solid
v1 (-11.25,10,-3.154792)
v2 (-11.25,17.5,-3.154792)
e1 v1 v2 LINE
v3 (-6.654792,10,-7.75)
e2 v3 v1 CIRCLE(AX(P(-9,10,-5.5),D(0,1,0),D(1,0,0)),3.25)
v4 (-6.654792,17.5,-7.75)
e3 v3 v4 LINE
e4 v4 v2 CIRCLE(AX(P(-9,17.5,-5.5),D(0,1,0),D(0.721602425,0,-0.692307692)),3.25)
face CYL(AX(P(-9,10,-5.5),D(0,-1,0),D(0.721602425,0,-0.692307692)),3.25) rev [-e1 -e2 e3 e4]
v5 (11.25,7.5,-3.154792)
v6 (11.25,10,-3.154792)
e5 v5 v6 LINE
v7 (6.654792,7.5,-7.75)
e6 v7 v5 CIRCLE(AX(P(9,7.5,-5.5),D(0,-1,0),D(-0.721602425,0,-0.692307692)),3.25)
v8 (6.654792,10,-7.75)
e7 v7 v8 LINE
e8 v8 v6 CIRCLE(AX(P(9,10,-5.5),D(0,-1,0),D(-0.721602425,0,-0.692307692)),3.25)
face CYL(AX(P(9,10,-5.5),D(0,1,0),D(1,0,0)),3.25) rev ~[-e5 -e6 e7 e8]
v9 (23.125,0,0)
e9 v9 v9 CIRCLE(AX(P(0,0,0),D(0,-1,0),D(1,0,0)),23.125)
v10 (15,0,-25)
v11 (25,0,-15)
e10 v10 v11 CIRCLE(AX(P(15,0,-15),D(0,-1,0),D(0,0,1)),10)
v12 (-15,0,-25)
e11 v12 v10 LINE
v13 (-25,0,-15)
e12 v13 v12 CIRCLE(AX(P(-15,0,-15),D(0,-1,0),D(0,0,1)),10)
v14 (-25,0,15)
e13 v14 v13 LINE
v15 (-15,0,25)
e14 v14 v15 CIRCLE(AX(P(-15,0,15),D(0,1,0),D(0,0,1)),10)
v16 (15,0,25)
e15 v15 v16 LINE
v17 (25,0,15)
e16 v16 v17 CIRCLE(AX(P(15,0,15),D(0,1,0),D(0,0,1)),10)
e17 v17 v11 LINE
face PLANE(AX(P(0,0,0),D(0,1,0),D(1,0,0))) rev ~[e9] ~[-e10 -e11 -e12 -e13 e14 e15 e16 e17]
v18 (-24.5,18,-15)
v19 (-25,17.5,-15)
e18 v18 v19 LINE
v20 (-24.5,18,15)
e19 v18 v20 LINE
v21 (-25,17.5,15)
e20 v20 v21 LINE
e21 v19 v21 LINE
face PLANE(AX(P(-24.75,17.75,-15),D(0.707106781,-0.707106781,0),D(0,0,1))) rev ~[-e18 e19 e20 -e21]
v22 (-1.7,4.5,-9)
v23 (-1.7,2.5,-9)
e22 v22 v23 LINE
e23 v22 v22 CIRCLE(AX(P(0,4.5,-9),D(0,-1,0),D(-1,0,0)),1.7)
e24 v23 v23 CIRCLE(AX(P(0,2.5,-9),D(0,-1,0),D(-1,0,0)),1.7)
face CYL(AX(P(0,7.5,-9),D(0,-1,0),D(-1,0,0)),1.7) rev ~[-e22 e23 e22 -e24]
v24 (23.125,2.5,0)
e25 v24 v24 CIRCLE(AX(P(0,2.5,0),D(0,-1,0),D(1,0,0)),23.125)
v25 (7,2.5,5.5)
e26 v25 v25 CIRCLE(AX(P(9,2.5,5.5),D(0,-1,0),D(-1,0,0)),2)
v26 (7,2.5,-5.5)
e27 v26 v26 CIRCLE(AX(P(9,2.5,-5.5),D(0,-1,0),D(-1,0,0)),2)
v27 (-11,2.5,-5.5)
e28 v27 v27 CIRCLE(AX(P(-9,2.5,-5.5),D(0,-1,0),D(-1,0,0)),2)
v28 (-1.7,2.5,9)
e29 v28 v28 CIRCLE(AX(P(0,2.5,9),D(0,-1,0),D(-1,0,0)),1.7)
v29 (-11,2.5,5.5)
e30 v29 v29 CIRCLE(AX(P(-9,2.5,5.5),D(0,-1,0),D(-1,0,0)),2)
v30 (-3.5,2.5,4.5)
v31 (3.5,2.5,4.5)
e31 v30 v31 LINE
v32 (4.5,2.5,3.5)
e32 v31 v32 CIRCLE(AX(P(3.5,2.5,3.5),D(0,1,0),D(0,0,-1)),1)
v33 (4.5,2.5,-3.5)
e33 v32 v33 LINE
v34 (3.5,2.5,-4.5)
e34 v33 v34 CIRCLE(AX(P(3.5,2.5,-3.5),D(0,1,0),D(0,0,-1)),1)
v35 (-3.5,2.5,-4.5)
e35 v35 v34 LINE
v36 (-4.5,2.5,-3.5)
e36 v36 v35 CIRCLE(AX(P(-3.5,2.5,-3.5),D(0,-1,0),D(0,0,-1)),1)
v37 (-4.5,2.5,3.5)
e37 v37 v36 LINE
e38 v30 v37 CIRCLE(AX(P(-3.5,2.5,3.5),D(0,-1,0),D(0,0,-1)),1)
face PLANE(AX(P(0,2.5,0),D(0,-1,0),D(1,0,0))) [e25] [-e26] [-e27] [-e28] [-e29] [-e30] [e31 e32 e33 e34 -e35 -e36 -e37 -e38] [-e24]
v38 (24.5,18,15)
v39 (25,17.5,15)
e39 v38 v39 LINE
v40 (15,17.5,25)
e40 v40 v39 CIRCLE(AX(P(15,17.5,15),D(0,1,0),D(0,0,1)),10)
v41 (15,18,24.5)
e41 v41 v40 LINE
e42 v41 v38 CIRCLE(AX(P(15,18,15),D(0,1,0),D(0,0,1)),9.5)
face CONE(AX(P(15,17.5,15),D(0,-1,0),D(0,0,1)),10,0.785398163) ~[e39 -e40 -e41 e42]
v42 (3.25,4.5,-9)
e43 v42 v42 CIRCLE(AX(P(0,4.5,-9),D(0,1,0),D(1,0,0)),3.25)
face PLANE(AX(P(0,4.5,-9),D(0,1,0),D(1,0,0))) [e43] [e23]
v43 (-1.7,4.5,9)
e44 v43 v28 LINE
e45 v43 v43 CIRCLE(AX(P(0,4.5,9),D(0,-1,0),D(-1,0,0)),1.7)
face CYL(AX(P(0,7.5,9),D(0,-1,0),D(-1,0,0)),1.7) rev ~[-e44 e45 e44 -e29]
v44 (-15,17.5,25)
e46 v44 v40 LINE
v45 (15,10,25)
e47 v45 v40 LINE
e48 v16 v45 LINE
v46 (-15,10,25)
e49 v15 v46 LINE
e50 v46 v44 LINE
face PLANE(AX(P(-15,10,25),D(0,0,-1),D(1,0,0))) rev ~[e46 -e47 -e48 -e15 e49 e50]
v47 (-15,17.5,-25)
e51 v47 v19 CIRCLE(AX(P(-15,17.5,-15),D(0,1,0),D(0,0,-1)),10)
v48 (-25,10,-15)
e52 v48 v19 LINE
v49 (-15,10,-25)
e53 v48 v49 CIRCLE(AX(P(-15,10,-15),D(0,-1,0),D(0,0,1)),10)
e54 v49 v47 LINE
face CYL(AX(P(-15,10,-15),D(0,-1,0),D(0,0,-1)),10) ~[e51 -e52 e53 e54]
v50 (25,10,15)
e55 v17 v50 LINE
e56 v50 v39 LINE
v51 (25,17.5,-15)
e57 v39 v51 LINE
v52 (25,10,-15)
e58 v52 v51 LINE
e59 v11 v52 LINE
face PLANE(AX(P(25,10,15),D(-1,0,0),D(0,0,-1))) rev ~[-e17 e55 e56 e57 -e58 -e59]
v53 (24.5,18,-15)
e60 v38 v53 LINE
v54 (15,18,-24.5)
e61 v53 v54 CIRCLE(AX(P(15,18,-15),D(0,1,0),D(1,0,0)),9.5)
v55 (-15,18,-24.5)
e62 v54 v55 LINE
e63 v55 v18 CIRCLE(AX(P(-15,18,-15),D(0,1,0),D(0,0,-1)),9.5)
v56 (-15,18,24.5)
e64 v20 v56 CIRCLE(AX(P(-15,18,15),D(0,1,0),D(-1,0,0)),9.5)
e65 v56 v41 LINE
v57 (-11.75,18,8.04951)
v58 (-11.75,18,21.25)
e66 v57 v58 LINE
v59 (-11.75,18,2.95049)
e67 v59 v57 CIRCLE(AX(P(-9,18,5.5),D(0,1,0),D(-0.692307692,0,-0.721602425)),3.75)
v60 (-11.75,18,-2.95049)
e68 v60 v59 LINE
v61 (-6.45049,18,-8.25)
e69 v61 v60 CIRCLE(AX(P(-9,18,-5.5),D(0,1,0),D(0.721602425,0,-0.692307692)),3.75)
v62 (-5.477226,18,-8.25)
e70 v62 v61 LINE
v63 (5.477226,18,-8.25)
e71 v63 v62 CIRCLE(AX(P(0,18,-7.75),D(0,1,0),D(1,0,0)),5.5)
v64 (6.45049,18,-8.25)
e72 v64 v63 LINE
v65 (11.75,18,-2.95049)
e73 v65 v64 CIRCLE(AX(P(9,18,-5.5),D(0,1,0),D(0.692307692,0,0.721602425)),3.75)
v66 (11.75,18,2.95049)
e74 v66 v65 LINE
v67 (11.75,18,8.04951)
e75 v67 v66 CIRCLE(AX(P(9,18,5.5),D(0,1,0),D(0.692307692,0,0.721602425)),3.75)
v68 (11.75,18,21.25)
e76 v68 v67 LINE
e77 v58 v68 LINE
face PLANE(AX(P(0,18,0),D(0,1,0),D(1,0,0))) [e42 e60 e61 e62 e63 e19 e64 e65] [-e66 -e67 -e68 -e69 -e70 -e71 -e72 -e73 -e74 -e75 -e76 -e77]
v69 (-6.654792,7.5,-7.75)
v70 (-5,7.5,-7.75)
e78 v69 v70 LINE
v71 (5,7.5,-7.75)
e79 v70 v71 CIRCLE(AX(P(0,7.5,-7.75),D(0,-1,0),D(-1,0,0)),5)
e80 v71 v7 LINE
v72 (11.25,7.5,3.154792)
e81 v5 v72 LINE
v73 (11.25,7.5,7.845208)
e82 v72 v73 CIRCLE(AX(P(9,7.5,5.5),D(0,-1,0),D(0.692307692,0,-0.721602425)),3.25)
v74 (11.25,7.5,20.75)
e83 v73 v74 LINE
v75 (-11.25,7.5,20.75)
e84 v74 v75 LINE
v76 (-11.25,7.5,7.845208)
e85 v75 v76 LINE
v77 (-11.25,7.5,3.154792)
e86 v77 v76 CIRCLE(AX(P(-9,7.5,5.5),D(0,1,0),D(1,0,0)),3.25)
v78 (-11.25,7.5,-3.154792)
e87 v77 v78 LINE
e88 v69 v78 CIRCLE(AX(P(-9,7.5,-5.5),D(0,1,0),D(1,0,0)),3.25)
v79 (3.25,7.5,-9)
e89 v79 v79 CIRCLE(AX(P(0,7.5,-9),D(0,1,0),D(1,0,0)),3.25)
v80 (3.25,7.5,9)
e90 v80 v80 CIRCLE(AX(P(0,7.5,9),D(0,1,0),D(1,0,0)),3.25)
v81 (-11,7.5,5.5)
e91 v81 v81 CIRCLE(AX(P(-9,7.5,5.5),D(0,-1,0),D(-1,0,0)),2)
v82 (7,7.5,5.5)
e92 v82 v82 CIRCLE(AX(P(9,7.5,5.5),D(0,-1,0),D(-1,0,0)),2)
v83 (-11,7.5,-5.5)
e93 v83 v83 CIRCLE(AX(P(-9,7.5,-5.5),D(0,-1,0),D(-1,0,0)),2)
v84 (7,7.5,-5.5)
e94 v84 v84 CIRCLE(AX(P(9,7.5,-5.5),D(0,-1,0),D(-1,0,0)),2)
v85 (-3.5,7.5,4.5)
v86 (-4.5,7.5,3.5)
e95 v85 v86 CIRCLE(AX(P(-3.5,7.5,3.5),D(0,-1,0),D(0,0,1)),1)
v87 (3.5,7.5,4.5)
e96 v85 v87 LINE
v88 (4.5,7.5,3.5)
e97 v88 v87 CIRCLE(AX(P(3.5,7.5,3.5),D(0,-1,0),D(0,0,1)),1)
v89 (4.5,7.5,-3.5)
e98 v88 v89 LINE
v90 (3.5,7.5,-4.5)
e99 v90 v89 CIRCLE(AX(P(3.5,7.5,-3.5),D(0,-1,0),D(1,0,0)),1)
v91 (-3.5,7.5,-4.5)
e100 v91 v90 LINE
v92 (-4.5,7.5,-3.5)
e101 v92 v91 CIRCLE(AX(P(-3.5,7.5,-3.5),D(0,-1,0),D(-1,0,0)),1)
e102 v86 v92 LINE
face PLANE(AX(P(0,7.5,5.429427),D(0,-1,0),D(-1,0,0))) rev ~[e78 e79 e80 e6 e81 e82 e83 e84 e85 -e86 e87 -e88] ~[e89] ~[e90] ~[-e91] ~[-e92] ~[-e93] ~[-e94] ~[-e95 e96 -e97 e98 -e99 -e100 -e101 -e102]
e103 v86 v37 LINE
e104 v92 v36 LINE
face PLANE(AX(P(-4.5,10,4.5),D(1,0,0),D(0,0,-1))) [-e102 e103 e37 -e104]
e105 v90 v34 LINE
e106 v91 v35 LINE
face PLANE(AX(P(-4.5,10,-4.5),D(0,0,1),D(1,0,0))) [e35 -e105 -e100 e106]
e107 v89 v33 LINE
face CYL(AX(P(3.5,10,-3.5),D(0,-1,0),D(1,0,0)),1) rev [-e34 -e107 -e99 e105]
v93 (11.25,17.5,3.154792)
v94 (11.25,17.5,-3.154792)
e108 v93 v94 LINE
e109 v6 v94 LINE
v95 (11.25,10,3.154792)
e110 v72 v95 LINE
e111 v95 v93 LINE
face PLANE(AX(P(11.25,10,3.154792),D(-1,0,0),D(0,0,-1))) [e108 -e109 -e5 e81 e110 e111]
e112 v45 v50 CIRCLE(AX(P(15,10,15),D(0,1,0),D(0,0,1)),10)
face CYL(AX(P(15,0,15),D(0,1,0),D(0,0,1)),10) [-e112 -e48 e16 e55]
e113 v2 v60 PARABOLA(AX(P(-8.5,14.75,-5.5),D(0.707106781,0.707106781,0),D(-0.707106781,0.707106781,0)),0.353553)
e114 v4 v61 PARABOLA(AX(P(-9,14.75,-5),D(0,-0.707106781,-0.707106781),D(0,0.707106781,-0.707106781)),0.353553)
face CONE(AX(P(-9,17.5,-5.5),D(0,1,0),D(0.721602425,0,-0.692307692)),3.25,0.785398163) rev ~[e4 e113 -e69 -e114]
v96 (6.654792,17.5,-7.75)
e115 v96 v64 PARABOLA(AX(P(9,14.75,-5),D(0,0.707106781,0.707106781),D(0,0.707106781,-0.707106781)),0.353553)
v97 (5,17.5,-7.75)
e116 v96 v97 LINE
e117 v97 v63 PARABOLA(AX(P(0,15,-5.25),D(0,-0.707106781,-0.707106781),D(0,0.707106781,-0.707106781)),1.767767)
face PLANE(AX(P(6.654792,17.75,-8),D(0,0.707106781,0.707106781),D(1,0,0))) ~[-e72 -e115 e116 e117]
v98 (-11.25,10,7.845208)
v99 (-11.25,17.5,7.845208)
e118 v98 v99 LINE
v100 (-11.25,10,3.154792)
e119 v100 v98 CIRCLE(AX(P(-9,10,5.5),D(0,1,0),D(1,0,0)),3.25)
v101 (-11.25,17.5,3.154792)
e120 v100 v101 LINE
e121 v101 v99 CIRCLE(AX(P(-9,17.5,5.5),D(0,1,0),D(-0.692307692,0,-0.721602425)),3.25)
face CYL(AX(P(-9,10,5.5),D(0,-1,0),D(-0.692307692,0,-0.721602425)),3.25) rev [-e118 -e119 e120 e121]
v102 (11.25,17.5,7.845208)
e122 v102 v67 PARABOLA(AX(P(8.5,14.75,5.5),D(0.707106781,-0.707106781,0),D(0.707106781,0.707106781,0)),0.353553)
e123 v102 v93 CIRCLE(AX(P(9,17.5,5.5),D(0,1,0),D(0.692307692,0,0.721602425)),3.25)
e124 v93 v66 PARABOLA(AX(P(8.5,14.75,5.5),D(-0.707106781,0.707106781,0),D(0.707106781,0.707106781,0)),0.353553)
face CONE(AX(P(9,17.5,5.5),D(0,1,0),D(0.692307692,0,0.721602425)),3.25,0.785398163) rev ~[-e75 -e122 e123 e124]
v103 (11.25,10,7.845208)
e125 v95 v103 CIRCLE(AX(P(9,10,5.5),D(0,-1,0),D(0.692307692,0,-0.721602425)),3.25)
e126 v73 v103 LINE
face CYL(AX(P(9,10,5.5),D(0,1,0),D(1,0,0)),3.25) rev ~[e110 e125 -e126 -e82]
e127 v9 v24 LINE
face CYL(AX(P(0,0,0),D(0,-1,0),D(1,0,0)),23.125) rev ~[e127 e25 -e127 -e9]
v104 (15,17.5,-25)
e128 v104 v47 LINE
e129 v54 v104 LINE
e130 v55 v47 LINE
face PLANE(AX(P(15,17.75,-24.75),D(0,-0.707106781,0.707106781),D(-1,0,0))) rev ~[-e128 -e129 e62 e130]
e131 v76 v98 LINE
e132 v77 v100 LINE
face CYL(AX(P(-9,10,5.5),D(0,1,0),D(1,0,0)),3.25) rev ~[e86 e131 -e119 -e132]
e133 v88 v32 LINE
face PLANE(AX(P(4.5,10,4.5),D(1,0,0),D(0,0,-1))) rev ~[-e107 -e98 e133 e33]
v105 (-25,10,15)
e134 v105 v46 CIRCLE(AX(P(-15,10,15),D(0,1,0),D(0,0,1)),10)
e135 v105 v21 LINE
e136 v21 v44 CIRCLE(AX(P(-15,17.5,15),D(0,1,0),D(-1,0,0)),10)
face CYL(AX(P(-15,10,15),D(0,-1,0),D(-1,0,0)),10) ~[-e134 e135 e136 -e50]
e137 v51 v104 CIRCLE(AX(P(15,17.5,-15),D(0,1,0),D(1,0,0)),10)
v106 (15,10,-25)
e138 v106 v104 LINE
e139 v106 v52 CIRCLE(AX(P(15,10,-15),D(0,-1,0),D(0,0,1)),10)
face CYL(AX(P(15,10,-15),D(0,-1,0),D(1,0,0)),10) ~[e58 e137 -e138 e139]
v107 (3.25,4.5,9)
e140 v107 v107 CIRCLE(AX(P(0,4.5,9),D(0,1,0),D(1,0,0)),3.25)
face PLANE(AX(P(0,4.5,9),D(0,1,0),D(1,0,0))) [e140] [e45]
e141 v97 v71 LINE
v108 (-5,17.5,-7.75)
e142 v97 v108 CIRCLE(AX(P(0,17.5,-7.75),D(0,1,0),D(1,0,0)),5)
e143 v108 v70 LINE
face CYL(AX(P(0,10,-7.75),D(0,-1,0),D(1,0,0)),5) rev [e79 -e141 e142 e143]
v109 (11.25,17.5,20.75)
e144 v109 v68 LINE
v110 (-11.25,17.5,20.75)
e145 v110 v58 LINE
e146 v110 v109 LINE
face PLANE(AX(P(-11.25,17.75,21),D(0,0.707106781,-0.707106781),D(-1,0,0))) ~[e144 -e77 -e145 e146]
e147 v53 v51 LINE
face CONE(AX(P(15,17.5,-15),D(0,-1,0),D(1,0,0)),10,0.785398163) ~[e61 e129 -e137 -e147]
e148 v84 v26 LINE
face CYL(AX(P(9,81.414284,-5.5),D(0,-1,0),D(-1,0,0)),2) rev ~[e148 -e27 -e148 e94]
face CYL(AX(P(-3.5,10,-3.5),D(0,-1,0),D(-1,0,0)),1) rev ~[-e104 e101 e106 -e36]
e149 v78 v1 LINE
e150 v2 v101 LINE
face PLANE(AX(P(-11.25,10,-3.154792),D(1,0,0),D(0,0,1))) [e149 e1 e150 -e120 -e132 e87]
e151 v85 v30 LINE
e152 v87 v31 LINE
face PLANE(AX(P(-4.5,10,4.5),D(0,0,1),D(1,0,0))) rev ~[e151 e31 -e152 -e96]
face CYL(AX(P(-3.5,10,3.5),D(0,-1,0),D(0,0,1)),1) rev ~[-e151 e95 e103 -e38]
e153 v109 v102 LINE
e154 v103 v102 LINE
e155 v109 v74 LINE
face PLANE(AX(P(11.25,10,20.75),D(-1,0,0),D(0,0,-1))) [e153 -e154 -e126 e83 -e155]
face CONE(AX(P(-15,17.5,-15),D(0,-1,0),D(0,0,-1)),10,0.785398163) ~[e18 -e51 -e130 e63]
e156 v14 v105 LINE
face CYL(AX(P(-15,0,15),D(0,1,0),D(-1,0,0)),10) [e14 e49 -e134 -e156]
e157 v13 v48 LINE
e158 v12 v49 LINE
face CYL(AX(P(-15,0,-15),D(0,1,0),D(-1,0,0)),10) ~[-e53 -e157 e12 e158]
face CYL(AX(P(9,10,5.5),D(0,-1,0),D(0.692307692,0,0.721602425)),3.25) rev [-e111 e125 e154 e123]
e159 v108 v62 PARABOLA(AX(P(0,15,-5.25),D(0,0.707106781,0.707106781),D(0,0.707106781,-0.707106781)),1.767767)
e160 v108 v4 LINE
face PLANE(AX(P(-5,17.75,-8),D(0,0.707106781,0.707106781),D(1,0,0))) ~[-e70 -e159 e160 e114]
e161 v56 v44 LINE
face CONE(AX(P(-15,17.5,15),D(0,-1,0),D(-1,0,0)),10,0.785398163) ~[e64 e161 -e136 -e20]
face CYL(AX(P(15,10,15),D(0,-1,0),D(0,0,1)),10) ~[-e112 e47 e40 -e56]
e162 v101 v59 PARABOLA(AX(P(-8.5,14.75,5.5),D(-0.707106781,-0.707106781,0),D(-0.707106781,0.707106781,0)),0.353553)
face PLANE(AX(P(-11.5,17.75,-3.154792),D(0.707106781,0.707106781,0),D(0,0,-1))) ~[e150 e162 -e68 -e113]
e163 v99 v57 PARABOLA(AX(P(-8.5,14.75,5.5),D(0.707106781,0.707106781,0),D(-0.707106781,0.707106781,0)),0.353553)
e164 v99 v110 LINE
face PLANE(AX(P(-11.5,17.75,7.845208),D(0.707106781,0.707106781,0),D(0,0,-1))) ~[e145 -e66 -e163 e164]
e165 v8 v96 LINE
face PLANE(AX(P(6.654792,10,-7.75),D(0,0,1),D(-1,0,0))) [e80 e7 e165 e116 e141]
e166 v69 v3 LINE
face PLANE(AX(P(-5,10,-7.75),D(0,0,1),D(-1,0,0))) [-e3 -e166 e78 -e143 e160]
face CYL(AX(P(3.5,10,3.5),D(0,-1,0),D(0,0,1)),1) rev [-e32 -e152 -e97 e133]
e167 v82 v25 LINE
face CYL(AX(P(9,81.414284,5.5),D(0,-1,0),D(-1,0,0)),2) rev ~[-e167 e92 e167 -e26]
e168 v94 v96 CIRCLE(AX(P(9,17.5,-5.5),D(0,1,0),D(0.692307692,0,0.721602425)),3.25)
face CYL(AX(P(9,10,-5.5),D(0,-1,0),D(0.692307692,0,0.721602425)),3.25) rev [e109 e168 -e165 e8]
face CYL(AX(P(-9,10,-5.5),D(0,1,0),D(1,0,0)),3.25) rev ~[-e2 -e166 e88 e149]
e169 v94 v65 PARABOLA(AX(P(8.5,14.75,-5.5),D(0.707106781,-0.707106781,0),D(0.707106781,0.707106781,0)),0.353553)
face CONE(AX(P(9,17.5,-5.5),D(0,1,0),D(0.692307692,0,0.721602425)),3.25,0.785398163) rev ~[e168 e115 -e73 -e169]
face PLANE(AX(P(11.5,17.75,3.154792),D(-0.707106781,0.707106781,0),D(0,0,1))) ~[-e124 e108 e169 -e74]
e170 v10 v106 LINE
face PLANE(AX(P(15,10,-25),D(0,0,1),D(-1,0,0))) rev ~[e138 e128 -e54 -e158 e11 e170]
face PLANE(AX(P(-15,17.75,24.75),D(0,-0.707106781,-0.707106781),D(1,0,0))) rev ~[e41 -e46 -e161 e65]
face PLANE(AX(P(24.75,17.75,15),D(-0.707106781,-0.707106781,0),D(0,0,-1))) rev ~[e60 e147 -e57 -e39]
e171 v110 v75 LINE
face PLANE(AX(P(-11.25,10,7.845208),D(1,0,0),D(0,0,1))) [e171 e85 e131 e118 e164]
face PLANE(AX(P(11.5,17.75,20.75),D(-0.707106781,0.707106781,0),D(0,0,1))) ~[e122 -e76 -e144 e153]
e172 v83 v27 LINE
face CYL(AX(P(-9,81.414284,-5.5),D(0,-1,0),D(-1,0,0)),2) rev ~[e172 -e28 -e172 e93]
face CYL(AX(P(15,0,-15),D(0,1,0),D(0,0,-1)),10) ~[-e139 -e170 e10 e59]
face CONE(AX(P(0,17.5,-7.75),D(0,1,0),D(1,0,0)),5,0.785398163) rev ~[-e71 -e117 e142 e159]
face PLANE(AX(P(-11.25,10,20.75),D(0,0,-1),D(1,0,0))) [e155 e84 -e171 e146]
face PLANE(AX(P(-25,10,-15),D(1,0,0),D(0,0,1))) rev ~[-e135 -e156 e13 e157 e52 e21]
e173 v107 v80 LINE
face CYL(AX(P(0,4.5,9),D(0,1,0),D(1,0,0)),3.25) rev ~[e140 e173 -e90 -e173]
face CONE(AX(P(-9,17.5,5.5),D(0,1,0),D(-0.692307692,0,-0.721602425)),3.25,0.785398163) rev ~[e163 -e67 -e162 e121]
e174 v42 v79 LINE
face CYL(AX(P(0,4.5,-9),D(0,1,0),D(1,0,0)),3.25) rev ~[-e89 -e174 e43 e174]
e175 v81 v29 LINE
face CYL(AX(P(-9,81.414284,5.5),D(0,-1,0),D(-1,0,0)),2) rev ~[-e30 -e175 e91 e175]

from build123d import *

# Parameters (mm, degrees)
SKETCH2_W                      = 50
SKETCH2_H                      = 50
BOSS_EXTRUDE1_DEPTH            = 10
SKETCH3_W                      = 9
SKETCH3_H                      = 9
CUT_EXTRUDE1_DEPTH             = 10
SKETCH4_R                      = 23.125
CUT_EXTRUDE2_DEPTH             = 2.5
F_4_0MM_DOWEL_HOLE1_D          = 4
FILLET1_R                      = 1
FILLET2_R                      = 10
CUT_EXTRUDE3_DEPTH             = 2.5
CBORE_FOR_M3_SHCS2_D           = 3.4
CBORE_FOR_M3_SHCS2_CBORE_D     = 6.5
CBORE_FOR_M3_SHCS2_CBORE_DEPTH = 3
SKETCH21_R                     = 3.25
CUT_EXTRUDE5_DEPTH             = 2.5
BOSS_EXTRUDE2_DEPTH            = 8
CHAMFER1_SIZE                  = 0.5


with BuildPart() as part:
    # Sketch2 → Boss-Extrude1 (new body)
    with BuildSketch(Plane(origin=(0, 0, 0), x_dir=(1, 0, 0), z_dir=(0, 1, 0))):
        Rectangle(SKETCH2_W, SKETCH2_H)
    extrude(amount=BOSS_EXTRUDE1_DEPTH)

    # Sketch3 → Cut-Extrude1 (cut)
    with BuildSketch(Plane(origin=(0, 10, 0), x_dir=(1, 0, 0), z_dir=(0, 1, 0))):
        Rectangle(SKETCH3_W, SKETCH3_H)
    extrude(amount=-CUT_EXTRUDE1_DEPTH, mode=Mode.SUBTRACT)

    # Sketch4 → Cut-Extrude2 (cut)
    with BuildSketch(Plane.XZ):
        Circle(SKETCH4_R)
    extrude(amount=-CUT_EXTRUDE2_DEPTH, mode=Mode.SUBTRACT)

    # Ø4.0mm Dowel Hole1 (through all)
    with Locations(Plane(origin=(0, 10, 0), x_dir=(1, 0, 0), z_dir=(0, 1, 0))):
        with Locations((-9, 5.5), (9, 5.5), (9, -5.5), (-9, -5.5)):
            Hole(F_4_0MM_DOWEL_HOLE1_D / 2)

    # Fillet1
    fillet1_edges = [part.edges().sort_by_distance(p)[0] for p in [
        (4.5, 6.25, -4.5),
        (-4.5, 6.25, -4.5),
        (-4.5, 6.25, 4.5),
        (4.5, 6.25, 4.5),
    ]]
    fillet(fillet1_edges, radius=FILLET1_R)

    # Fillet2
    fillet2_edges = [part.edges().sort_by_distance(p)[0] for p in [
        (-25, 5, -25),
        (25, 5, -25),
        (25, 5, 25),
        (-25, 5, 25),
    ]]
    fillet(fillet2_edges, radius=FILLET2_R)

    # Sketch17 → Cut-Extrude3 (cut)
    with BuildSketch(Plane(origin=(0, 10, 0), x_dir=(1, 0, 0), z_dir=(0, 1, 0))):
        with BuildLine():
            Line((5, 7.75), (11.25, 7.75))
            Line((11.25, 7.75), (11.25, -20.75))
            Line((11.25, -20.75), (-11.25, -20.75))
            Line((-11.25, -20.75), (-11.25, 7.75))
            Line((-11.25, 7.75), (-5, 7.75))
            ThreePointArc((-5, 7.75), (0, 12.75), (5, 7.75))
        make_face()
    extrude(amount=-CUT_EXTRUDE3_DEPTH, mode=Mode.SUBTRACT)

    # CBORE for M3 SHCS2 (through all)
    with Locations(Plane(origin=(0, 7.5, 0), x_dir=(1, 0, 0), z_dir=(0, 1, 0))):
        with Locations((0, -9), (0, 9)):
            CounterBoreHole(CBORE_FOR_M3_SHCS2_D / 2, CBORE_FOR_M3_SHCS2_CBORE_D / 2, CBORE_FOR_M3_SHCS2_CBORE_DEPTH)

    # Sketch21 → Cut-Extrude5 (cut)
    with BuildSketch(Plane(origin=(0, 10, 0), x_dir=(1, 0, 0), z_dir=(0, 1, 0))):
        with Locations((-9, 5.5)):
            Circle(SKETCH21_R)
        with Locations((9, 5.5)):
            Circle(SKETCH21_R)
        with Locations((9, -5.5)):
            Circle(SKETCH21_R)
        with Locations((-9, -5.5)):
            Circle(SKETCH21_R)
    extrude(amount=-CUT_EXTRUDE5_DEPTH, mode=Mode.SUBTRACT)

    # Sketch22 → Boss-Extrude2 (add)
    with BuildSketch(Plane(origin=(0, 10, 0), x_dir=(1, 0, 0), z_dir=(0, 1, 0))):
        with BuildLine():
            Line((-15, -25), (15, -25))
            ThreePointArc((15, -25), (22.071067812, -22.071067812), (25, -15))
            Line((25, -15), (25, 15))
            ThreePointArc((25, 15), (22.071067812, 22.071067812), (15, 25))
            Line((15, 25), (-15, 25))
            ThreePointArc((-15, 25), (-22.071067812, 22.071067812), (-25, 15))
            Line((-25, 15), (-25, -15))
            ThreePointArc((-25, -15), (-22.071067812, -22.071067812), (-15, -25))
        make_face()
        with BuildLine():
            Line((-11.25, 3.15479212), (-11.25, -3.15479212))
            ThreePointArc((-11.25, -3.15479212), (-12.25, -5.5), (-11.25, -7.84520788))
            Line((-11.25, -7.84520788), (-11.25, -20.75))
            Line((-11.25, -20.75), (11.25, -20.75))
            Line((11.25, -20.75), (11.25, -7.84520788))
            ThreePointArc((11.25, -7.84520788), (12.25, -5.5), (11.25, -3.15479212))
            Line((11.25, -3.15479212), (11.25, 3.15479212))
            ThreePointArc((11.25, 3.15479212), (11.298097039, 7.798097039), (6.65479212, 7.75))
            Line((6.65479212, 7.75), (5, 7.75))
            ThreePointArc((5, 7.75), (0, 12.75), (-5, 7.75))
            Line((-5, 7.75), (-6.65479212, 7.75))
            ThreePointArc((-6.65479212, 7.75), (-11.298097039, 7.798097039), (-11.25, 3.15479212))
        make_face(mode=Mode.SUBTRACT)
    extrude(amount=BOSS_EXTRUDE2_DEPTH)

    # Chamfer1
    chamfer1_edges = [part.edges().sort_by_distance(p)[0] for p in [
        (-22.071067812, 18, 22.071067812),
        (0, 18, 25),
        (22.071067812, 18, 22.071067812),
        (25, 18, 0),
        (22.071067812, 18, -22.071067812),
        (0, 18, -25),
        (-22.071067812, 18, -22.071067812),
        (-25, 18, 0),
        (-11.298097039, 18, -7.798097039),
        (-11.25, 18, 0),
        (-12.25, 18, 5.5),
        (-11.25, 18, 14.29760394),
        (0, 18, 20.75),
        (11.25, 18, 14.29760394),
        (12.25, 18, 5.5),
        (11.25, 18, 0),
        (11.298097039, 18, -7.798097039),
        (5.82739606, 18, -7.75),
        (0, 18, -12.75),
        (-5.82739606, 18, -7.75),
    ]]
    chamfer(chamfer1_edges, length=CHAMFER1_SIZE)


solid = part.part
